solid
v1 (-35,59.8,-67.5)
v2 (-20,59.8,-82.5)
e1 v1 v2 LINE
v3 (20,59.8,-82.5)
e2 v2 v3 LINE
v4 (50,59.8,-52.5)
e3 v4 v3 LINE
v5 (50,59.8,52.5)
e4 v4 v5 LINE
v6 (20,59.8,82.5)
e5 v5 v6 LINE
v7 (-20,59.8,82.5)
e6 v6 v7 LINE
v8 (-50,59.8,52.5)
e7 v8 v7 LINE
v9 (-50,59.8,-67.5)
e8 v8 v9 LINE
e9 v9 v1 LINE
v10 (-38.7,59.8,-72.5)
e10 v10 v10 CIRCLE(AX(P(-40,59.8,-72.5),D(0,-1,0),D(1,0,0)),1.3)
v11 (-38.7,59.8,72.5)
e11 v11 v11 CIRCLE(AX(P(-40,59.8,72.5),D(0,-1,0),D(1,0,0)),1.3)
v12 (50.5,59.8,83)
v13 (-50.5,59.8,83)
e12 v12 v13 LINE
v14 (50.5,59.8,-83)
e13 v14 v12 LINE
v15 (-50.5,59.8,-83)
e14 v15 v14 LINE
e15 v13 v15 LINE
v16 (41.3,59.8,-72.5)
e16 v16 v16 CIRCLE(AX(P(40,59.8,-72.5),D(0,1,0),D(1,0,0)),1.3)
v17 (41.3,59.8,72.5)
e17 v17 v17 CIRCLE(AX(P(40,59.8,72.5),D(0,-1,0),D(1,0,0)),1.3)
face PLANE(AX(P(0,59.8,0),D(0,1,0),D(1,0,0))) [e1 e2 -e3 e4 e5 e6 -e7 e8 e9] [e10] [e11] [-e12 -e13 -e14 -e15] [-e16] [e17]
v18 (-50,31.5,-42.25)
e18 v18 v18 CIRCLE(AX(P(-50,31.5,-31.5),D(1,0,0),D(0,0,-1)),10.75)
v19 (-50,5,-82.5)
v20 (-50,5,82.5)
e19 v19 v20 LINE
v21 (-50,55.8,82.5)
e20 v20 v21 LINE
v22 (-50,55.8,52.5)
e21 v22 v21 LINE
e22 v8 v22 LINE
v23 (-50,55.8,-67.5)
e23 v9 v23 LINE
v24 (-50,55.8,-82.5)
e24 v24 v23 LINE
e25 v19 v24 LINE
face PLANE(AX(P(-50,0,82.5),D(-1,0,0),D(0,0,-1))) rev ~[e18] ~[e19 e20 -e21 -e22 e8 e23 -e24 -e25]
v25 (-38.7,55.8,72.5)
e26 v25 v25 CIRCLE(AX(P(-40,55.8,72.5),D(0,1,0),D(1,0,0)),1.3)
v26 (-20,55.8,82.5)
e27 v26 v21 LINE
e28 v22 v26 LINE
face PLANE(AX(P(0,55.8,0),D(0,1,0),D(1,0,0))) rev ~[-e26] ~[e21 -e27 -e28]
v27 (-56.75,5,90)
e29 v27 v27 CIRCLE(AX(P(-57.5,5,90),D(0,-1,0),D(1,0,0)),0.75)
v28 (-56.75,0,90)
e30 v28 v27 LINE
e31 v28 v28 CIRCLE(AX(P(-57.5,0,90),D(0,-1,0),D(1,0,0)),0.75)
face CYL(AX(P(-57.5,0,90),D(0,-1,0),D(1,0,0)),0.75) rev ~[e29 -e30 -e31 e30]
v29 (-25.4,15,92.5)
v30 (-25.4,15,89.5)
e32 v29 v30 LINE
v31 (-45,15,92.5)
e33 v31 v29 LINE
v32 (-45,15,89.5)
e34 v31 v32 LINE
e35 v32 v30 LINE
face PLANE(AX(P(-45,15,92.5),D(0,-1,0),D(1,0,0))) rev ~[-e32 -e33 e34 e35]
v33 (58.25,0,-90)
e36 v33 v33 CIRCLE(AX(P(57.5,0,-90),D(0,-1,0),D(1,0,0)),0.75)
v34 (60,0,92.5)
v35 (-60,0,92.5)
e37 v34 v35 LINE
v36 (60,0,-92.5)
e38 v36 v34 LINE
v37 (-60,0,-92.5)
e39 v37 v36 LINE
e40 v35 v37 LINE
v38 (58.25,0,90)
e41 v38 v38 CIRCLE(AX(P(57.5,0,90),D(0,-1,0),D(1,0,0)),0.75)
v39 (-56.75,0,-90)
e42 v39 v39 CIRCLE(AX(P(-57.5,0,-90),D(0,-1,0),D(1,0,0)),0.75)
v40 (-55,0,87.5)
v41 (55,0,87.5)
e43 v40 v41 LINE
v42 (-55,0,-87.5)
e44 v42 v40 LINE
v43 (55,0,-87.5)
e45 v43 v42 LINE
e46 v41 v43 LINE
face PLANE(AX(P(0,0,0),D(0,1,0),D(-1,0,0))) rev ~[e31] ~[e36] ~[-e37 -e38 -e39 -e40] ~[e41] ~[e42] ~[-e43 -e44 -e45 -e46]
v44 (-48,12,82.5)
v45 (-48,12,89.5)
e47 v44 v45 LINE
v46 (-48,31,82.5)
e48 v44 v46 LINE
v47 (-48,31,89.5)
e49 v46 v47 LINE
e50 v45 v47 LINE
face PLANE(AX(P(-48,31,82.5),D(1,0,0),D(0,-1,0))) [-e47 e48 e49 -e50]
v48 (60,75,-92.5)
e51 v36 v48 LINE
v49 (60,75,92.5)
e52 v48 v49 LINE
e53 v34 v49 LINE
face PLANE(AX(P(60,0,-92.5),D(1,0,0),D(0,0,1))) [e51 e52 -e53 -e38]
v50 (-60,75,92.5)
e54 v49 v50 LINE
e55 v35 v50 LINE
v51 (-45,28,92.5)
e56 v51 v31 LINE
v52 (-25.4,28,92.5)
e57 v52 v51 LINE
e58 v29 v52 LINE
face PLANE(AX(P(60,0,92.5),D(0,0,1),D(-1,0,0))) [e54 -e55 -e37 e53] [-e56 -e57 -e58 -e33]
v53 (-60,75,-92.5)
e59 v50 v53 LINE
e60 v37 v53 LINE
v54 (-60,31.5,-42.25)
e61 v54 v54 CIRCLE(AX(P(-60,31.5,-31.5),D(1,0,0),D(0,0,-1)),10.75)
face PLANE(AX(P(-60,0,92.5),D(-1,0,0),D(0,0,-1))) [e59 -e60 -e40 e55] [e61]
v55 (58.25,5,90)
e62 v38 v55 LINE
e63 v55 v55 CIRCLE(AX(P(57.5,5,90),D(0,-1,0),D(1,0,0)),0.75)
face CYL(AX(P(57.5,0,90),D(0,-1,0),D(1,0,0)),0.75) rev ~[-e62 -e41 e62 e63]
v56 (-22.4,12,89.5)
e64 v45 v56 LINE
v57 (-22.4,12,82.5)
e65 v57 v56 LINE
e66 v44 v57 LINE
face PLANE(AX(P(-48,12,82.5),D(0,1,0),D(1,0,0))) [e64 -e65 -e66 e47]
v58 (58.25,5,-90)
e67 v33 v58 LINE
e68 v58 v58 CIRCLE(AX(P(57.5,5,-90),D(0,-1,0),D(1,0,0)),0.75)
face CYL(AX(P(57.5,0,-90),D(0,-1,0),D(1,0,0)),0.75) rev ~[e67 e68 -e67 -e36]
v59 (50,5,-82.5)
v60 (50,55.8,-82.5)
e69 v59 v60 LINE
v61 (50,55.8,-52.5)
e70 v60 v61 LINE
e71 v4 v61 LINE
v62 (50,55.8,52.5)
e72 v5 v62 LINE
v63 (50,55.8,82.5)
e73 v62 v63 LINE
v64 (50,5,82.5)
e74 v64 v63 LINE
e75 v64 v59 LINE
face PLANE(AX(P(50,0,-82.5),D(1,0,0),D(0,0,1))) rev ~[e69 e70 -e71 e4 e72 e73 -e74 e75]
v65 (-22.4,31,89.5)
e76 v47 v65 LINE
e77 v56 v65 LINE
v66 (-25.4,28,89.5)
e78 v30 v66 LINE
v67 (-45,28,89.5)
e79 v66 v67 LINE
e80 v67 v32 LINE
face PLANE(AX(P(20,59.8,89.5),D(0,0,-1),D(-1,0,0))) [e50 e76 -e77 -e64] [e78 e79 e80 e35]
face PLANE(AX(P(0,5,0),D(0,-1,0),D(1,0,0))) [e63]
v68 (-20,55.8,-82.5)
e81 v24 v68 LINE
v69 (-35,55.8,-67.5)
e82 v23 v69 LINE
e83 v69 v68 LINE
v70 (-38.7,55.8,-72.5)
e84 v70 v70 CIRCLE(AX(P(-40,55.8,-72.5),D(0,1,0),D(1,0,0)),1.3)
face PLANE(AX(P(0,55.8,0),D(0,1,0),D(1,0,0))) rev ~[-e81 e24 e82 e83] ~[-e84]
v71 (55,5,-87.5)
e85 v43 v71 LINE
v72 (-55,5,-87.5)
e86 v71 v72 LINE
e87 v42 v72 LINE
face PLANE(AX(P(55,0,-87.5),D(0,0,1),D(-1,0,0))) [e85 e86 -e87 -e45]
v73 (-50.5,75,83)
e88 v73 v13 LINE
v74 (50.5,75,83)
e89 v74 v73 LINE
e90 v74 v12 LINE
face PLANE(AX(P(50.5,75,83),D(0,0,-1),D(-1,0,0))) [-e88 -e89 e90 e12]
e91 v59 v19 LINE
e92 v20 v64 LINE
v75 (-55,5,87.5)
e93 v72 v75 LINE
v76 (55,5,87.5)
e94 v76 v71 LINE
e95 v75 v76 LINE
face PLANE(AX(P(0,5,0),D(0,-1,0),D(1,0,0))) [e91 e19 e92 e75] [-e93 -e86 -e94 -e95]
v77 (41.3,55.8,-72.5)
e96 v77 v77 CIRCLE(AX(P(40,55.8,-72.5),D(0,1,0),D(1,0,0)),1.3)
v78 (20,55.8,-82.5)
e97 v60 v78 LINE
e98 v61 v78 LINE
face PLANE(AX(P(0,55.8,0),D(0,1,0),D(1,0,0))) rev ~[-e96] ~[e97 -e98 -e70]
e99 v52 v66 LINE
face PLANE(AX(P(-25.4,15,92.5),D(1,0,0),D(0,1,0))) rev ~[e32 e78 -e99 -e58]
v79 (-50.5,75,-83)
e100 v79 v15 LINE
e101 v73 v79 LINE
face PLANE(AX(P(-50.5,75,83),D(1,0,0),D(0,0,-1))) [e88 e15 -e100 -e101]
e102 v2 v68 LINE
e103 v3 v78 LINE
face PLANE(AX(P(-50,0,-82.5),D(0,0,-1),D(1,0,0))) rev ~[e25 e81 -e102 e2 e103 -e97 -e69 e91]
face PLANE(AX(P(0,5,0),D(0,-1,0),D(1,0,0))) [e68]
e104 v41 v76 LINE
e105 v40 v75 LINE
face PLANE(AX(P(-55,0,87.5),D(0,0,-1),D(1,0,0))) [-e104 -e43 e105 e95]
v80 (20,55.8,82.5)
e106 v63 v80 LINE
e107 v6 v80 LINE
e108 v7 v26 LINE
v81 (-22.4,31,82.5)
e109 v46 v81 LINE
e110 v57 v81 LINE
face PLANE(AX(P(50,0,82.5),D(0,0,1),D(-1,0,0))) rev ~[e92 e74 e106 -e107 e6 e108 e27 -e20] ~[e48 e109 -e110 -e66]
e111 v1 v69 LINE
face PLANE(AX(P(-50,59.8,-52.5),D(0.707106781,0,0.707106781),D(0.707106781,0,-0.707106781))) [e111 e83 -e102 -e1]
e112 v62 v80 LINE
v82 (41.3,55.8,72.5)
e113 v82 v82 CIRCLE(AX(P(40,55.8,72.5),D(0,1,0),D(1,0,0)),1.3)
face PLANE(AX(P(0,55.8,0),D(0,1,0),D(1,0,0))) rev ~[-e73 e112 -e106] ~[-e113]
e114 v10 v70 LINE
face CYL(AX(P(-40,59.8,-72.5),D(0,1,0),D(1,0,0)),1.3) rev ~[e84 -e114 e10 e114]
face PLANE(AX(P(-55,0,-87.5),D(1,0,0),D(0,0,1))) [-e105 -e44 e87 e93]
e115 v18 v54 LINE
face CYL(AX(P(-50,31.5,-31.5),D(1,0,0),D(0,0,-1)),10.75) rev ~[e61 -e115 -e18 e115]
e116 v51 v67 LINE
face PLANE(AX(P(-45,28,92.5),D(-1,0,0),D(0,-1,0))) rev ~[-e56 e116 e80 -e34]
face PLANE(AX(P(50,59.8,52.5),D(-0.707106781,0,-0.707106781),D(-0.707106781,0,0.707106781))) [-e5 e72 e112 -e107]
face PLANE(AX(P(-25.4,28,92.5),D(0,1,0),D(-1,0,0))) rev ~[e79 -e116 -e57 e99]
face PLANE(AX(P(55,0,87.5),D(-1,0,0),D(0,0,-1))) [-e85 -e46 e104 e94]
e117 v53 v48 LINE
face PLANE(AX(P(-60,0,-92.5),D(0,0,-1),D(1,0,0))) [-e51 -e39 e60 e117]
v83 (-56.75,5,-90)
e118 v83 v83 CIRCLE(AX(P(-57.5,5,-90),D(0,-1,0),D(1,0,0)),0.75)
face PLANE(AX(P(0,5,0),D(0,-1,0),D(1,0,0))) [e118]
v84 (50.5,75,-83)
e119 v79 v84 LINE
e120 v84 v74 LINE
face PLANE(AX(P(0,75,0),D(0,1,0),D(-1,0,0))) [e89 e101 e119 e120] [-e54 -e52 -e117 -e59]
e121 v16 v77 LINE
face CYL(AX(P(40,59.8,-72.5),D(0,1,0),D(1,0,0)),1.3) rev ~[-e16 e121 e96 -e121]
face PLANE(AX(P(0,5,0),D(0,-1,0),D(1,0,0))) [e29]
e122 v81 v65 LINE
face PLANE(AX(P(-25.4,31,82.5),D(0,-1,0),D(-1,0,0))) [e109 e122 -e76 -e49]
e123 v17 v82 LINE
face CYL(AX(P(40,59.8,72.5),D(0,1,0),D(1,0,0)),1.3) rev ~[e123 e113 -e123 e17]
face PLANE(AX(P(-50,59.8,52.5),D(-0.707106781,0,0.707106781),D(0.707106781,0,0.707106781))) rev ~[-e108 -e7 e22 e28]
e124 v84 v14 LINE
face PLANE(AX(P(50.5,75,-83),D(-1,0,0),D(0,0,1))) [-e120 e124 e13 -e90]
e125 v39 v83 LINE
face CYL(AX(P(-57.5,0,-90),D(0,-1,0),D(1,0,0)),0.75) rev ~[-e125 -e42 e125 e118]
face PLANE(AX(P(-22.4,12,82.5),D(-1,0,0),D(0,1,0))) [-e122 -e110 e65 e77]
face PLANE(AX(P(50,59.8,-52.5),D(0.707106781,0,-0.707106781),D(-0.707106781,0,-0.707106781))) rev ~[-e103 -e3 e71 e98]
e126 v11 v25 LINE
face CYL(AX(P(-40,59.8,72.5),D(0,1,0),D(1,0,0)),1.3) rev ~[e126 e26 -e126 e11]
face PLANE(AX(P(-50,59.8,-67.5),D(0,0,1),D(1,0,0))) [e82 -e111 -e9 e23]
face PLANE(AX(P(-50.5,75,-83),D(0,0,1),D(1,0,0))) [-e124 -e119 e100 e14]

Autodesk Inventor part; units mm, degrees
ref_plane "YZ Plane" through (0, 0, 0) normal (1, 0, 0) x (0, 1, 0)
ref_plane "XZ Plane" through (0, 0, 0) normal (0, 1, 0) x (-1, 0, 0)
sketch "Sketch1" plane through (0, 0, 0) normal (0, 1, 0) x (-1, 0, 0)
  line L0 (-50, 82.5) -> (50, 82.5)
  line L1 (50, 82.5) -> (50, -82.5)
  line L2 (50, -82.5) -> (-50, -82.5)
  line L3 (-50, -82.5) -> (-50, 82.5)
  line L4 (-50, 82.5) -> (50, -82.5) construction
  line L5 (50, 82.5) -> (-50, -82.5) construction
  line L6 (-60, 92.5) -> (60, 92.5)
  line L7 (60, 92.5) -> (60, -92.5)
  line L8 (60, -92.5) -> (-60, -92.5)
  line L9 (-60, -92.5) -> (-60, 92.5)
  line L10 (-60, 92.5) -> (60, -92.5) construction
  line L11 (60, 92.5) -> (-60, -92.5) construction
  point P0 (0, 0)
  dimension "d0" = 100
  dimension "d1" = 165
  dimension "d2" = 120
  dimension "d3" = 185
extrude "Extrusion1" add sketch "Sketch1" along normal blind 75
ref_plane "Work Plane2" through (0, 59.8, 0) normal (0, 1, 0) x (1, 0, 0)
sketch "Sketch3" plane through (0, 59.8, 0) normal (0, 1, 0) x (1, 0, 0)
  line L0 (50, 82.5) -> (50, -82.5) projected
  line L1 (50, 82.5) -> (20, 82.5)
  line L2 (-50, 82.5) -> (50, 82.5) projected
  line L3 (50, 82.5) -> (50, 52.5)
  line L4 (50, 52.5) -> (20, 82.5)
  line L5 (50, -82.5) -> (50, -52.5)
  line L6 (50, -52.5) -> (20, -82.5)
  line L7 (50, -82.5) -> (-50, -82.5) projected
  line L8 (20, -82.5) -> (50, -82.5)
  line L9 (0, 82.5) -> (0, -82.5)
  line L10 (-50, 82.5) -> (-50, -82.5)
  line L11 (-50, 82.5) -> (-20, 82.5)
  line L12 (-50, 52.5) -> (-20, 82.5)
  line L13 (-50, -52.5) -> (-20, -82.5)
  line L14 (-50, -82.5) -> (50, -82.5)
  point P0 (0, 0)
  point P1 (-20, 82.5)
  dimension "d9" = 30
  dimension "d10" = 30
  dimension "d20" = 30
  dimension "d50" = 30
extrude "Extrusion3" add sketch "Sketch3" against normal blind 4 contours L0 L4 L1 | L0 L7 L6 | L12 L10 L2 | L7 L10 L13
sketch "Sketch5" plane through (0, 59.8, 0) normal (0, 1, 0) x (1, 0, 0)
  circle A0 centre (40, 72.5) radius 1.3
  line L0 (50, 82.5) -> (50, -82.5) projected
  line L1 (50, 0) -> (-50, 0)
  line L2 (-50, -82.5) -> (-50, 82.5) projected
  line L3 (50, -82.5) -> (-50, -82.5) projected
  line L4 (0, -82.5) -> (0, 82.5)
  line L5 (-50, 82.5) -> (50, 82.5) projected
  line L6 (50, -82.5) -> (20, -82.5) projected
  line L7 (50, -82.5) -> (40, -82.5)
  line L8 (40, -82.5) -> (40, -72.5)
  line L9 (40, -72.5) -> (50, -72.5)
  line L10 (50, -72.5) -> (50, -82.5)
  circle A1 centre (40, -72.5) radius 1.3
  line L11 (-50, 52.5) -> (-50, 82.5) projected
  line L12 (-50, 82.5) -> (-40, 82.5)
  line L13 (-40, 82.5) -> (-40, 72.5)
  line L14 (-40, 72.5) -> (-50, 72.5)
  line L15 (-50, 72.5) -> (-50, 82.5)
  circle A2 centre (-40, 72.5) radius 1.3
  line L16 (-50, -82.5) -> (-40, -82.5)
  line L17 (-40, -82.5) -> (-40, -72.5)
  line L18 (-40, -72.5) -> (-50, -72.5)
  line L19 (-50, -72.5) -> (-50, -82.5)
  circle A3 centre (-40, -72.5) radius 1.3
  dimension "d17" = 2.6
  dimension "d21" = 10
  dimension "d22" = 10
  dimension "d23" = 2.6
  dimension "d24" = 10
  dimension "d25" = 10
  dimension "d26" = 2.6
  dimension "d27" = 10
  dimension "d28" = 10
  dimension "d29" = 2.6
  dimension "d48" = 10
  dimension "d49" = 10
extrude "Extrusion5" cut sketch "Sketch5" against normal blind 4 contours A0 | A1 L8 L9 | L9 L8 A1 | A2 L14 L13 | L13 L14 A2 | A3 L17 L18 | L18 L17 A3
sketch "Sketch10" plane through (0, 0, 0) normal (0, -1, 0) x (1, 0, 0)
  line L0 (55, -87.5) -> (-55, -87.5)
  line L1 (-55, -87.5) -> (-55, 87.5)
  line L2 (-55, 87.5) -> (55, 87.5)
  line L3 (55, 87.5) -> (55, -87.5)
  line L4 (55, -87.5) -> (-55, 87.5) construction
  line L5 (-55, -87.5) -> (55, 87.5) construction
  point P0 (0, 0)
  dimension "d38" = 110
  dimension "d39" = 175
extrude "Extrusion8" cut sketch "Sketch10" against normal blind 5
sketch "Sketch11" plane through (0, 0, 0) normal (0, -1, 0) x (1, 0, 0)
  line L0 (-55, -87.5) -> (-55, 87.5) projected
  line L1 (-60, -92.5) -> (-60, 92.5) projected
  circle A0 centre (-57.5, -90) radius 0.75
  line L2 (-60, -92.5) -> (-60, 92.5) projected
  circle A1 centre (-57.5, 90) radius 0.75
  line L3 (-60, 92.5) -> (60, 92.5) projected
  line L4 (55, 87.5) -> (55, -87.5) projected
  circle A2 centre (57.5, 90) radius 0.75
  line L5 (60, -92.5) -> (-60, -92.5) projected
  circle A3 centre (57.5, -90) radius 0.75
  point P0 (0, 0)
  dimension "d42" = 1.5
  dimension "d43" = 1.5
  dimension "d44" = 1.5
  dimension "d45" = 1.5
extrude "Extrusion9" cut sketch "Sketch11" against normal blind 5
sketch "Sketch12" plane through (0, 75, 0) normal (0, 1, 0) x (1, 0, 0)
  line L0 (-50.5, 83) -> (50.5, 83)
  line L1 (50.5, 83) -> (50.5, -83)
  line L2 (50.5, -83) -> (-50.5, -83)
  line L3 (-50.5, -83) -> (-50.5, 83)
  line L4 (-50.5, 83) -> (50.5, -83) construction
  line L5 (50.5, 83) -> (-50.5, -83) construction
  point P0 (0, 0)
  dimension "d51" = 101
  dimension "d52" = 166
extrude "Extrusion10" cut sketch "Sketch12" against normal blind 15.2
sketch "Sketch15" plane through (0, 59.8, 0) normal (0, 1, 0) x (1, 0, 0)
  line L0 (-20, 82.5) -> (-50, 52.5) projected
  line L1 (-50, 52.5) -> (-50, 67.5)
  line L2 (-50, 67.5) -> (-35, 67.5)
  line L3 (-35, 67.5) -> (-35, 52.5)
  line L4 (-35, 52.5) -> (-50, 52.5)
  line L5 (-50, 52.5) -> (-50, 67.5)
  point P0 (0, 0)
  dimension "d56" = 15
  dimension "d57" = 15
  dimension "d58" = 15
extrude "Extrusion11" cut sketch "Sketch15" against normal blind 4
sketch "Sketch16" plane through (-60, 0, 92.5) normal (0, 0, 1) x (1, 0, 0)
  line L0 (0, 0) -> (0, 75) projected
  line L1 (0, 0) -> (0, 15)
  line L2 (0, 15) -> (15, 15)
  line L3 (15, 15) -> (34.6, 15)
  line L4 (34.6, 15) -> (34.6, 28)
  line L5 (34.6, 28) -> (15, 28)
  line L6 (15, 28) -> (15, 15)
  point P0 (60, 0)
  dimension "d61" = 15
  dimension "d62" = 15
  dimension "d63" = 19.6
  dimension "d64" = 13
extrude "Extrusion12" cut sketch "Sketch16" against normal blind 10
sketch "Sketch18" plane through (20, 59.8, 82.5) normal (0, 0, -1) x (-1, 0, 0)
  line L0 (45.4, -44.8) -> (45.4, -31.8) projected
  line L1 (45.4, -31.8) -> (45.4, -28.8)
  line L2 (45.4, -28.8) -> (42.4, -28.8)
  line L3 (65, -31.8) -> (65, -44.8) projected
  line L4 (65, -44.8) -> (68, -44.8)
  line L5 (68, -44.8) -> (68, -47.8)
  line L6 (42.4, -28.8) -> (68, -28.8)
  line L7 (68, -28.8) -> (68, -47.8)
  line L8 (68, -47.8) -> (42.4, -47.8)
  line L9 (42.4, -47.8) -> (42.4, -28.8)
  point P0 (20, -59.8)
  dimension "d67" = 3
  dimension "d68" = 3
  dimension "d69" = 3
  dimension "d70" = 3
extrude "Extrusion13" cut sketch "Sketch18" against normal blind 7
sketch "Sketch19" plane through (-50, 55.8, 82.5) normal (1, 0, 0) x (0, 0, -1)
  line L0 (0, -50.8) -> (165, -50.8) projected
  circle A0 centre (114, -24.3) radius 10.75
  point P0 (82.5, -55.8)
  point P1 (114, -50.8)
  dimension "d73" = 51
  dimension "d74" = 26.5
  dimension "d75" = 21.5
extrude "Extrusion14" cut sketch "Sketch19" against normal blind 10
properties part number "Enclose Top" material "PC/ABS Plastic"
